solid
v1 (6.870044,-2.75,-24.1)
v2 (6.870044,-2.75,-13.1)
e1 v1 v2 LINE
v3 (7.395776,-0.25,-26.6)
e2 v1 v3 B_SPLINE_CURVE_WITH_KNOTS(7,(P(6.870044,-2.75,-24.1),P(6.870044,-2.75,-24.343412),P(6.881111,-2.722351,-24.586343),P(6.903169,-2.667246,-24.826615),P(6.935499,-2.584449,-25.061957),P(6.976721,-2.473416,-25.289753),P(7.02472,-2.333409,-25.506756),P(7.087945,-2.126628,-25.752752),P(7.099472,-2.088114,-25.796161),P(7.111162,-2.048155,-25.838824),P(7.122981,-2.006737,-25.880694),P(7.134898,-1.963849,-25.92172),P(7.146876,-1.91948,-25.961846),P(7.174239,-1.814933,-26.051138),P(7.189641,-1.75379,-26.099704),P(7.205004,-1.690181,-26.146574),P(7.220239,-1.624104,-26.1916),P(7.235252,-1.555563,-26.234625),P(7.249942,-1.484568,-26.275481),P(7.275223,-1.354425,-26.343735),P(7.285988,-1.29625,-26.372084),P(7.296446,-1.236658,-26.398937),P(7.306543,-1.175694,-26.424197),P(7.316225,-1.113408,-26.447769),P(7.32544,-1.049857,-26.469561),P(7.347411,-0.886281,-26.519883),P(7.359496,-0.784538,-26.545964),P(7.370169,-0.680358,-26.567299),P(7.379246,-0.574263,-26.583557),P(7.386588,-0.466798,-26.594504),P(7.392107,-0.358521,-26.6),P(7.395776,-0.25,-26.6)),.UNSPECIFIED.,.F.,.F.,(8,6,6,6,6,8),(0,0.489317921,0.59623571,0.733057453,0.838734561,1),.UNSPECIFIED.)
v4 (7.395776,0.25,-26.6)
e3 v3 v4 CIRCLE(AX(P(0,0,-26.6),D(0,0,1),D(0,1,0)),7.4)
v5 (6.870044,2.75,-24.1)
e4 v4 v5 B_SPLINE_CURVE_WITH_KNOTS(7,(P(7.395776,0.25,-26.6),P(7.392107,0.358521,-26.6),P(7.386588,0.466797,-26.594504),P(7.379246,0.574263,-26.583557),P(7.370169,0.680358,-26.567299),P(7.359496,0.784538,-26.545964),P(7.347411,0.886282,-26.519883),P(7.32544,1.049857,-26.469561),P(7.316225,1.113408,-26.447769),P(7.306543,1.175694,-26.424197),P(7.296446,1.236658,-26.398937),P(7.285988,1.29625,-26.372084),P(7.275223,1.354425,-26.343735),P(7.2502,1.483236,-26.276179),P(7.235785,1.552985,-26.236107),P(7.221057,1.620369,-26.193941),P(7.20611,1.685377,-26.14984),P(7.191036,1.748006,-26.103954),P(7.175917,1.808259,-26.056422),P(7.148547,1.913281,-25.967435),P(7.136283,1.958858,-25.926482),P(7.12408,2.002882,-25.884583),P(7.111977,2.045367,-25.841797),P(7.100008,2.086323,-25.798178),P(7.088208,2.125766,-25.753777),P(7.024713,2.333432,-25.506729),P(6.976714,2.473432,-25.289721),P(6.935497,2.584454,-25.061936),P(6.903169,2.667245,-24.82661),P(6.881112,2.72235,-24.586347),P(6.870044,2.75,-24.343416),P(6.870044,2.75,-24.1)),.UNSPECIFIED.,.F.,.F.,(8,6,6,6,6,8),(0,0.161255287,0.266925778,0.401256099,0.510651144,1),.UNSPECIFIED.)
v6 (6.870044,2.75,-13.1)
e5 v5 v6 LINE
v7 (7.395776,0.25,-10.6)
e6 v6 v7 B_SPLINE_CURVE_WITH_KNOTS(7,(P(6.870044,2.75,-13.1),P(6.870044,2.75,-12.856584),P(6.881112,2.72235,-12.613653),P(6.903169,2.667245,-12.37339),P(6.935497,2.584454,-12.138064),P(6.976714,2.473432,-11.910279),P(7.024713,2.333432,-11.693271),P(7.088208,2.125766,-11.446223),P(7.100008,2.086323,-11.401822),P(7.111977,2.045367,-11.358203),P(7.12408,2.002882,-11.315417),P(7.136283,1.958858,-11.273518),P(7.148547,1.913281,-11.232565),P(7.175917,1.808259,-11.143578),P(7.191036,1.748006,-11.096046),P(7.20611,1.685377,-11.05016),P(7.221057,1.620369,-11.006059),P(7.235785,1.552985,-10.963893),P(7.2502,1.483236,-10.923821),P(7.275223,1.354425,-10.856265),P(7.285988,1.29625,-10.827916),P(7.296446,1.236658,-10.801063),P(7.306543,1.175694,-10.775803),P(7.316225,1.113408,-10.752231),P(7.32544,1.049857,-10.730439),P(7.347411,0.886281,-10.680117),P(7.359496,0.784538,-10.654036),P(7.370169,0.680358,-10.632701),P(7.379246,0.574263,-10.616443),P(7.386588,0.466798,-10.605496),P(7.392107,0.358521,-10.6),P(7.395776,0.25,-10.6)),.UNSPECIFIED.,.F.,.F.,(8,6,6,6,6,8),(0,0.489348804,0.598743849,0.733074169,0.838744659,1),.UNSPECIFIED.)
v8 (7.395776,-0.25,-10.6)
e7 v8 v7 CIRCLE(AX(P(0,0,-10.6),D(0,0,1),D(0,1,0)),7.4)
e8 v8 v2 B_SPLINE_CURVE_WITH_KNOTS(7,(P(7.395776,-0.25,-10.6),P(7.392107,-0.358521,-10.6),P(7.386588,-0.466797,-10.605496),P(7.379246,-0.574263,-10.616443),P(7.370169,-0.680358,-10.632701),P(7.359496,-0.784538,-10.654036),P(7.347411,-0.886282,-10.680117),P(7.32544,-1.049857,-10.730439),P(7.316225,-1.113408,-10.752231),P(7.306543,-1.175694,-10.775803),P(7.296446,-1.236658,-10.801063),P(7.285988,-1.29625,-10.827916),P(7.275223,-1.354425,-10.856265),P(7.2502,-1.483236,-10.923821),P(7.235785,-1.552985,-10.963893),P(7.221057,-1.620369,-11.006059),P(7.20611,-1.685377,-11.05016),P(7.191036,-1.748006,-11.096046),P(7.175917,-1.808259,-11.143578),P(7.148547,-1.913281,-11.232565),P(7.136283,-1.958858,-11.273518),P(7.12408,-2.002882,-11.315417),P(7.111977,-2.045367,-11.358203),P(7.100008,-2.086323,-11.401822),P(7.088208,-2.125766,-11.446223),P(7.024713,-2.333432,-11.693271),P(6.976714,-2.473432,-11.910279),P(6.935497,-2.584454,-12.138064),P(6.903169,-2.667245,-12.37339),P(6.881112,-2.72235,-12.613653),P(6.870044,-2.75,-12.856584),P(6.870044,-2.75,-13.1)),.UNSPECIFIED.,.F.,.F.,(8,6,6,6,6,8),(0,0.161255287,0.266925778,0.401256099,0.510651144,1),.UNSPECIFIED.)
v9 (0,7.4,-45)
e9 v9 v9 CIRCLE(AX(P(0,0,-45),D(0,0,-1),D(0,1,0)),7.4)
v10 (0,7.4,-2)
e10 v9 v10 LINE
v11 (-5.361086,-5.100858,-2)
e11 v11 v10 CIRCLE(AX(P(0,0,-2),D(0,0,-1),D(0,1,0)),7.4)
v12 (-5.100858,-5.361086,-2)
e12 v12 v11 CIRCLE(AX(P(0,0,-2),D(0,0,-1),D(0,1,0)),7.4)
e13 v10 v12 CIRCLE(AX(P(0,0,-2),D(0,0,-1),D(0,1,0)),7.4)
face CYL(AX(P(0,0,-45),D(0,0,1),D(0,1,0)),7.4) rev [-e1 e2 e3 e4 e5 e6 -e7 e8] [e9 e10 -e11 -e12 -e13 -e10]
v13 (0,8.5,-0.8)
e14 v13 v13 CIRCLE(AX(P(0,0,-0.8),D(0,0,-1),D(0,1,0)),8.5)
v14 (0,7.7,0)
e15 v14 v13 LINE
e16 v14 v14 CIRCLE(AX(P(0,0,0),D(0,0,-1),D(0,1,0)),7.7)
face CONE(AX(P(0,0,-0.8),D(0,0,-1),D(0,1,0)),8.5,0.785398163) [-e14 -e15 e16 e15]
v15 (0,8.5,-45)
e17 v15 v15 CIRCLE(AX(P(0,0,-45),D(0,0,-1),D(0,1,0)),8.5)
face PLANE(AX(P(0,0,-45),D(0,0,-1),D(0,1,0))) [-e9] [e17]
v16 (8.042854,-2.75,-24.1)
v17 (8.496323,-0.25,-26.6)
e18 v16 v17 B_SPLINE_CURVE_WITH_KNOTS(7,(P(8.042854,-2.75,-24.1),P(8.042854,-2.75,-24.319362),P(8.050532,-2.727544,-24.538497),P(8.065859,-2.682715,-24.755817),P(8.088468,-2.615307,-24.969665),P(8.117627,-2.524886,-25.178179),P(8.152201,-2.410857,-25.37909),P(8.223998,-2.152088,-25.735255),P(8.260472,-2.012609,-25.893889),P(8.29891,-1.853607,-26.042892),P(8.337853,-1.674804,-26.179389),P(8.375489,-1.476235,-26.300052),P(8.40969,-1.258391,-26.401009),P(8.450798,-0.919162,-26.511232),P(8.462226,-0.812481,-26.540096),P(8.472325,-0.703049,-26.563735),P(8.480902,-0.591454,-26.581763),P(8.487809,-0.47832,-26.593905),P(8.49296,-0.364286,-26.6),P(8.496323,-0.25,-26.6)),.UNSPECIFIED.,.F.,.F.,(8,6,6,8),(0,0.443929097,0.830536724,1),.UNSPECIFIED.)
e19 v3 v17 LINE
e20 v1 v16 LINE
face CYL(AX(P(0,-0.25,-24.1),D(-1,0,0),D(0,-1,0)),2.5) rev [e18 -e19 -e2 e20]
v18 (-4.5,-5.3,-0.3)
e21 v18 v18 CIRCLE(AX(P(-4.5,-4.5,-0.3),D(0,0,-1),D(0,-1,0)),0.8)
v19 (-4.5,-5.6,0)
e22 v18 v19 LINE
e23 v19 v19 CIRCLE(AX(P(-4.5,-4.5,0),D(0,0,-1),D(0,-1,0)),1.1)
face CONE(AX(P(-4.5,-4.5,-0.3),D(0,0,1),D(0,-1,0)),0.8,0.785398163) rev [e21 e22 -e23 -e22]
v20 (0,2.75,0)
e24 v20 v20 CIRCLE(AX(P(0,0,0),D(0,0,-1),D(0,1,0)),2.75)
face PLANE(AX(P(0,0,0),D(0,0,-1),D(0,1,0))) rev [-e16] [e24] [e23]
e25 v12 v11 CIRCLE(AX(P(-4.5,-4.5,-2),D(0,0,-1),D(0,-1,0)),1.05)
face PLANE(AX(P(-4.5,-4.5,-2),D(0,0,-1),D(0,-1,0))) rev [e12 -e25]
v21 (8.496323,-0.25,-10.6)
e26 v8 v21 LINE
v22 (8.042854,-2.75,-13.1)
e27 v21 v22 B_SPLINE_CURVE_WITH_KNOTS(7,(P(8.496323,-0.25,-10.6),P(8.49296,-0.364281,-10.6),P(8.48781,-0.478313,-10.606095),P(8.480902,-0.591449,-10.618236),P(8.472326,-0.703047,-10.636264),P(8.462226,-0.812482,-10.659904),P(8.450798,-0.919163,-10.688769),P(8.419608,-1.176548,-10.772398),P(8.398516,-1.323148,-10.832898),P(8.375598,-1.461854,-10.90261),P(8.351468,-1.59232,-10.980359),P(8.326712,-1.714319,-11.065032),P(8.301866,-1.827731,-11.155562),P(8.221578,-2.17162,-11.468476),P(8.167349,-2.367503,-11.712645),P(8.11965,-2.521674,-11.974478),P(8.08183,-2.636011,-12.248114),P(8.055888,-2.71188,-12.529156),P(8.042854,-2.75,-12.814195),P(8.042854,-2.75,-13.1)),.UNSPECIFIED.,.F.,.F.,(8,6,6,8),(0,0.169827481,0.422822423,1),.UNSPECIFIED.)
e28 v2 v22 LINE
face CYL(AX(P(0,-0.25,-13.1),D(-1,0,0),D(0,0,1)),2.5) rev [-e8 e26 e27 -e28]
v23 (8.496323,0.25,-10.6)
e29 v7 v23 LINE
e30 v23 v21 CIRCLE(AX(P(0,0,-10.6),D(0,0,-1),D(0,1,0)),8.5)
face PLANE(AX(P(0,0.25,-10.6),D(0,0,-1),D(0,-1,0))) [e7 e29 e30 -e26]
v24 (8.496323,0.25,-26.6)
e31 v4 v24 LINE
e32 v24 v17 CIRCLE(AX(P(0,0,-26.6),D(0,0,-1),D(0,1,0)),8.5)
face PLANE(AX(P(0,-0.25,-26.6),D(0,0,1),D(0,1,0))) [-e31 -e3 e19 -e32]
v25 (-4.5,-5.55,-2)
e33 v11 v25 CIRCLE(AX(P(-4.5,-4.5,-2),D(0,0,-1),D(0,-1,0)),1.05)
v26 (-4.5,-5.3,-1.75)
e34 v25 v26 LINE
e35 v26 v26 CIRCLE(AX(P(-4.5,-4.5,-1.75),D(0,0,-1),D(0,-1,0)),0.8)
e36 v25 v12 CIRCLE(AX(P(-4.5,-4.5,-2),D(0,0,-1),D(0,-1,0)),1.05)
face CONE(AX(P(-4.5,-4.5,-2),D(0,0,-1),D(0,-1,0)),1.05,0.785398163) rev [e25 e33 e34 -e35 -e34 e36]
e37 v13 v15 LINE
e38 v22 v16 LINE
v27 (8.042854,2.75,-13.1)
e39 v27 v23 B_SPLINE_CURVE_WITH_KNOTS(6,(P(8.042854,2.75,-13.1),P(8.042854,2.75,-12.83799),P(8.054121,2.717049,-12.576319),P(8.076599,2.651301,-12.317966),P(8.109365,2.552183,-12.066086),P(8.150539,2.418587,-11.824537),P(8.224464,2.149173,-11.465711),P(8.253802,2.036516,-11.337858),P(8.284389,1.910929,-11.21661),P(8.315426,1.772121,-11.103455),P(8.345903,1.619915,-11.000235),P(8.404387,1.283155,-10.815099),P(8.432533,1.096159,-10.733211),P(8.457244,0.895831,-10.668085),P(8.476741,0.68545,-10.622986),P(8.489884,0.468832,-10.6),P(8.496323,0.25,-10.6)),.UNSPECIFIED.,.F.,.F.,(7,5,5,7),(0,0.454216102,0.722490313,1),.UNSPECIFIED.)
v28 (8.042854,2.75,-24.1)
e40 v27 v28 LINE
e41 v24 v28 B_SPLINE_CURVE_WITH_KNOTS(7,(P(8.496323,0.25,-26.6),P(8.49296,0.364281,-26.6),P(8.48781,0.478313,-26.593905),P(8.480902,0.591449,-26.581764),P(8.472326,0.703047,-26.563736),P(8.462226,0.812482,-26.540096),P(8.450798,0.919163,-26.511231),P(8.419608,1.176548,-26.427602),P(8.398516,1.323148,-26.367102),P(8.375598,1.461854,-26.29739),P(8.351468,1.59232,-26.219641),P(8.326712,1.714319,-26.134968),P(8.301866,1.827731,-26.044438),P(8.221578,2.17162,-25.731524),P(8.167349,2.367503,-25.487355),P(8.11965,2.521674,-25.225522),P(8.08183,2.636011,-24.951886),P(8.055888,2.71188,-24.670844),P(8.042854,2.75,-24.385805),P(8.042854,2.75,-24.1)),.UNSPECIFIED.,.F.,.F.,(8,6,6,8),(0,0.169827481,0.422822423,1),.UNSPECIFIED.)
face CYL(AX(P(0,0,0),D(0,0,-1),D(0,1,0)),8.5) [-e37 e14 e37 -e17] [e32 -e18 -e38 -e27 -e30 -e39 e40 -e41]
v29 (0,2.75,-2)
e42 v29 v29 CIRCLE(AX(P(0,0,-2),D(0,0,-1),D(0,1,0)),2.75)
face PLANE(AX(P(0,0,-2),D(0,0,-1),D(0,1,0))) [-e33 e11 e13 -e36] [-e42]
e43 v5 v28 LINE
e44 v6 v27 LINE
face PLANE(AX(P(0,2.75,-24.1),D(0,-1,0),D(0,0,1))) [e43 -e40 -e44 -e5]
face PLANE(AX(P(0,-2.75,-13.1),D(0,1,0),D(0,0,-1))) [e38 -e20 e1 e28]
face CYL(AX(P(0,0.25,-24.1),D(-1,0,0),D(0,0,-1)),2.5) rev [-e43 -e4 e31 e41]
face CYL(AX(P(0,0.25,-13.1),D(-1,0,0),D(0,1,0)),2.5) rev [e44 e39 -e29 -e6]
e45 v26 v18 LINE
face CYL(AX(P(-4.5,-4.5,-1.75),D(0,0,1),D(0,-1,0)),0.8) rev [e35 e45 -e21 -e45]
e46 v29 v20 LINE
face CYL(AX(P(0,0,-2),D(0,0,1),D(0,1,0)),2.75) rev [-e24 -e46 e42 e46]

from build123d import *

# Parameters (mm, degrees)
CUT_EXTRUDE_1_DEPTH = 9.5
CHAMFER_1_SIZE      = 0.8


with BuildPart() as part:
    # Эскиз1 → Повернуть1 (revolve)
    with BuildSketch(Plane(origin=(0, 0, 0), x_dir=(0, 0, -1), z_dir=(1, 0, 0))):
        Polygon((0, 2.75), (0, 8.5), (45, 8.5), (45, 7.4), (2, 7.4), (2, 2.75), align=None)
    revolve(axis=Axis((0, 0, 0), (0, 0, -1)))

    # Эскиз2 → Вырез-Вытянуть1 (cut, through all)
    with BuildSketch(Plane(origin=(0, 0, 0), x_dir=(0, 0, -1), z_dir=(1, 0, 0))):
        with BuildLine():
            Line((13.1, -2.75), (24.1, -2.75))
            ThreePointArc((24.1, -2.75), (25.867766953, -2.017766953), (26.6, -0.25))
            Line((26.6, -0.25), (26.6, 0.25))
            ThreePointArc((26.6, 0.25), (25.867766953, 2.017766953), (24.1, 2.75))
            Line((24.1, 2.75), (13.1, 2.75))
            ThreePointArc((13.1, 2.75), (11.332233047, 2.017766953), (10.6, 0.25))
            Line((10.6, 0.25), (10.6, -0.25))
            ThreePointArc((10.6, -0.25), (11.332233047, -2.017766953), (13.1, -2.75))
        make_face()
    extrude(amount=CUT_EXTRUDE_1_DEPTH, mode=Mode.SUBTRACT)

    # Фаска1
    chamfer_1_edges = [part.edges().sort_by_distance(p)[0] for p in [
        (0, -8.5, 0),
    ]]
    chamfer(chamfer_1_edges, length=CHAMFER_1_SIZE)

    # Эскиз4 → Отверстие обработанное метчиком M2x0.41 (revolve, cut)
    with BuildSketch(Plane(origin=(-4.5, -4.5, 0), x_dir=(0, -1, 0), z_dir=(1, 0, 0))):
        Polygon((0, 0), (0, 2), (1.05, 2), (0.8, 1.75), (0.8, 0.3), (1.1, 0), align=None)
    revolve(axis=Axis((-4.5, -4.5, 6.35), (0, 0, -1)), mode=Mode.SUBTRACT)


solid = part.part
